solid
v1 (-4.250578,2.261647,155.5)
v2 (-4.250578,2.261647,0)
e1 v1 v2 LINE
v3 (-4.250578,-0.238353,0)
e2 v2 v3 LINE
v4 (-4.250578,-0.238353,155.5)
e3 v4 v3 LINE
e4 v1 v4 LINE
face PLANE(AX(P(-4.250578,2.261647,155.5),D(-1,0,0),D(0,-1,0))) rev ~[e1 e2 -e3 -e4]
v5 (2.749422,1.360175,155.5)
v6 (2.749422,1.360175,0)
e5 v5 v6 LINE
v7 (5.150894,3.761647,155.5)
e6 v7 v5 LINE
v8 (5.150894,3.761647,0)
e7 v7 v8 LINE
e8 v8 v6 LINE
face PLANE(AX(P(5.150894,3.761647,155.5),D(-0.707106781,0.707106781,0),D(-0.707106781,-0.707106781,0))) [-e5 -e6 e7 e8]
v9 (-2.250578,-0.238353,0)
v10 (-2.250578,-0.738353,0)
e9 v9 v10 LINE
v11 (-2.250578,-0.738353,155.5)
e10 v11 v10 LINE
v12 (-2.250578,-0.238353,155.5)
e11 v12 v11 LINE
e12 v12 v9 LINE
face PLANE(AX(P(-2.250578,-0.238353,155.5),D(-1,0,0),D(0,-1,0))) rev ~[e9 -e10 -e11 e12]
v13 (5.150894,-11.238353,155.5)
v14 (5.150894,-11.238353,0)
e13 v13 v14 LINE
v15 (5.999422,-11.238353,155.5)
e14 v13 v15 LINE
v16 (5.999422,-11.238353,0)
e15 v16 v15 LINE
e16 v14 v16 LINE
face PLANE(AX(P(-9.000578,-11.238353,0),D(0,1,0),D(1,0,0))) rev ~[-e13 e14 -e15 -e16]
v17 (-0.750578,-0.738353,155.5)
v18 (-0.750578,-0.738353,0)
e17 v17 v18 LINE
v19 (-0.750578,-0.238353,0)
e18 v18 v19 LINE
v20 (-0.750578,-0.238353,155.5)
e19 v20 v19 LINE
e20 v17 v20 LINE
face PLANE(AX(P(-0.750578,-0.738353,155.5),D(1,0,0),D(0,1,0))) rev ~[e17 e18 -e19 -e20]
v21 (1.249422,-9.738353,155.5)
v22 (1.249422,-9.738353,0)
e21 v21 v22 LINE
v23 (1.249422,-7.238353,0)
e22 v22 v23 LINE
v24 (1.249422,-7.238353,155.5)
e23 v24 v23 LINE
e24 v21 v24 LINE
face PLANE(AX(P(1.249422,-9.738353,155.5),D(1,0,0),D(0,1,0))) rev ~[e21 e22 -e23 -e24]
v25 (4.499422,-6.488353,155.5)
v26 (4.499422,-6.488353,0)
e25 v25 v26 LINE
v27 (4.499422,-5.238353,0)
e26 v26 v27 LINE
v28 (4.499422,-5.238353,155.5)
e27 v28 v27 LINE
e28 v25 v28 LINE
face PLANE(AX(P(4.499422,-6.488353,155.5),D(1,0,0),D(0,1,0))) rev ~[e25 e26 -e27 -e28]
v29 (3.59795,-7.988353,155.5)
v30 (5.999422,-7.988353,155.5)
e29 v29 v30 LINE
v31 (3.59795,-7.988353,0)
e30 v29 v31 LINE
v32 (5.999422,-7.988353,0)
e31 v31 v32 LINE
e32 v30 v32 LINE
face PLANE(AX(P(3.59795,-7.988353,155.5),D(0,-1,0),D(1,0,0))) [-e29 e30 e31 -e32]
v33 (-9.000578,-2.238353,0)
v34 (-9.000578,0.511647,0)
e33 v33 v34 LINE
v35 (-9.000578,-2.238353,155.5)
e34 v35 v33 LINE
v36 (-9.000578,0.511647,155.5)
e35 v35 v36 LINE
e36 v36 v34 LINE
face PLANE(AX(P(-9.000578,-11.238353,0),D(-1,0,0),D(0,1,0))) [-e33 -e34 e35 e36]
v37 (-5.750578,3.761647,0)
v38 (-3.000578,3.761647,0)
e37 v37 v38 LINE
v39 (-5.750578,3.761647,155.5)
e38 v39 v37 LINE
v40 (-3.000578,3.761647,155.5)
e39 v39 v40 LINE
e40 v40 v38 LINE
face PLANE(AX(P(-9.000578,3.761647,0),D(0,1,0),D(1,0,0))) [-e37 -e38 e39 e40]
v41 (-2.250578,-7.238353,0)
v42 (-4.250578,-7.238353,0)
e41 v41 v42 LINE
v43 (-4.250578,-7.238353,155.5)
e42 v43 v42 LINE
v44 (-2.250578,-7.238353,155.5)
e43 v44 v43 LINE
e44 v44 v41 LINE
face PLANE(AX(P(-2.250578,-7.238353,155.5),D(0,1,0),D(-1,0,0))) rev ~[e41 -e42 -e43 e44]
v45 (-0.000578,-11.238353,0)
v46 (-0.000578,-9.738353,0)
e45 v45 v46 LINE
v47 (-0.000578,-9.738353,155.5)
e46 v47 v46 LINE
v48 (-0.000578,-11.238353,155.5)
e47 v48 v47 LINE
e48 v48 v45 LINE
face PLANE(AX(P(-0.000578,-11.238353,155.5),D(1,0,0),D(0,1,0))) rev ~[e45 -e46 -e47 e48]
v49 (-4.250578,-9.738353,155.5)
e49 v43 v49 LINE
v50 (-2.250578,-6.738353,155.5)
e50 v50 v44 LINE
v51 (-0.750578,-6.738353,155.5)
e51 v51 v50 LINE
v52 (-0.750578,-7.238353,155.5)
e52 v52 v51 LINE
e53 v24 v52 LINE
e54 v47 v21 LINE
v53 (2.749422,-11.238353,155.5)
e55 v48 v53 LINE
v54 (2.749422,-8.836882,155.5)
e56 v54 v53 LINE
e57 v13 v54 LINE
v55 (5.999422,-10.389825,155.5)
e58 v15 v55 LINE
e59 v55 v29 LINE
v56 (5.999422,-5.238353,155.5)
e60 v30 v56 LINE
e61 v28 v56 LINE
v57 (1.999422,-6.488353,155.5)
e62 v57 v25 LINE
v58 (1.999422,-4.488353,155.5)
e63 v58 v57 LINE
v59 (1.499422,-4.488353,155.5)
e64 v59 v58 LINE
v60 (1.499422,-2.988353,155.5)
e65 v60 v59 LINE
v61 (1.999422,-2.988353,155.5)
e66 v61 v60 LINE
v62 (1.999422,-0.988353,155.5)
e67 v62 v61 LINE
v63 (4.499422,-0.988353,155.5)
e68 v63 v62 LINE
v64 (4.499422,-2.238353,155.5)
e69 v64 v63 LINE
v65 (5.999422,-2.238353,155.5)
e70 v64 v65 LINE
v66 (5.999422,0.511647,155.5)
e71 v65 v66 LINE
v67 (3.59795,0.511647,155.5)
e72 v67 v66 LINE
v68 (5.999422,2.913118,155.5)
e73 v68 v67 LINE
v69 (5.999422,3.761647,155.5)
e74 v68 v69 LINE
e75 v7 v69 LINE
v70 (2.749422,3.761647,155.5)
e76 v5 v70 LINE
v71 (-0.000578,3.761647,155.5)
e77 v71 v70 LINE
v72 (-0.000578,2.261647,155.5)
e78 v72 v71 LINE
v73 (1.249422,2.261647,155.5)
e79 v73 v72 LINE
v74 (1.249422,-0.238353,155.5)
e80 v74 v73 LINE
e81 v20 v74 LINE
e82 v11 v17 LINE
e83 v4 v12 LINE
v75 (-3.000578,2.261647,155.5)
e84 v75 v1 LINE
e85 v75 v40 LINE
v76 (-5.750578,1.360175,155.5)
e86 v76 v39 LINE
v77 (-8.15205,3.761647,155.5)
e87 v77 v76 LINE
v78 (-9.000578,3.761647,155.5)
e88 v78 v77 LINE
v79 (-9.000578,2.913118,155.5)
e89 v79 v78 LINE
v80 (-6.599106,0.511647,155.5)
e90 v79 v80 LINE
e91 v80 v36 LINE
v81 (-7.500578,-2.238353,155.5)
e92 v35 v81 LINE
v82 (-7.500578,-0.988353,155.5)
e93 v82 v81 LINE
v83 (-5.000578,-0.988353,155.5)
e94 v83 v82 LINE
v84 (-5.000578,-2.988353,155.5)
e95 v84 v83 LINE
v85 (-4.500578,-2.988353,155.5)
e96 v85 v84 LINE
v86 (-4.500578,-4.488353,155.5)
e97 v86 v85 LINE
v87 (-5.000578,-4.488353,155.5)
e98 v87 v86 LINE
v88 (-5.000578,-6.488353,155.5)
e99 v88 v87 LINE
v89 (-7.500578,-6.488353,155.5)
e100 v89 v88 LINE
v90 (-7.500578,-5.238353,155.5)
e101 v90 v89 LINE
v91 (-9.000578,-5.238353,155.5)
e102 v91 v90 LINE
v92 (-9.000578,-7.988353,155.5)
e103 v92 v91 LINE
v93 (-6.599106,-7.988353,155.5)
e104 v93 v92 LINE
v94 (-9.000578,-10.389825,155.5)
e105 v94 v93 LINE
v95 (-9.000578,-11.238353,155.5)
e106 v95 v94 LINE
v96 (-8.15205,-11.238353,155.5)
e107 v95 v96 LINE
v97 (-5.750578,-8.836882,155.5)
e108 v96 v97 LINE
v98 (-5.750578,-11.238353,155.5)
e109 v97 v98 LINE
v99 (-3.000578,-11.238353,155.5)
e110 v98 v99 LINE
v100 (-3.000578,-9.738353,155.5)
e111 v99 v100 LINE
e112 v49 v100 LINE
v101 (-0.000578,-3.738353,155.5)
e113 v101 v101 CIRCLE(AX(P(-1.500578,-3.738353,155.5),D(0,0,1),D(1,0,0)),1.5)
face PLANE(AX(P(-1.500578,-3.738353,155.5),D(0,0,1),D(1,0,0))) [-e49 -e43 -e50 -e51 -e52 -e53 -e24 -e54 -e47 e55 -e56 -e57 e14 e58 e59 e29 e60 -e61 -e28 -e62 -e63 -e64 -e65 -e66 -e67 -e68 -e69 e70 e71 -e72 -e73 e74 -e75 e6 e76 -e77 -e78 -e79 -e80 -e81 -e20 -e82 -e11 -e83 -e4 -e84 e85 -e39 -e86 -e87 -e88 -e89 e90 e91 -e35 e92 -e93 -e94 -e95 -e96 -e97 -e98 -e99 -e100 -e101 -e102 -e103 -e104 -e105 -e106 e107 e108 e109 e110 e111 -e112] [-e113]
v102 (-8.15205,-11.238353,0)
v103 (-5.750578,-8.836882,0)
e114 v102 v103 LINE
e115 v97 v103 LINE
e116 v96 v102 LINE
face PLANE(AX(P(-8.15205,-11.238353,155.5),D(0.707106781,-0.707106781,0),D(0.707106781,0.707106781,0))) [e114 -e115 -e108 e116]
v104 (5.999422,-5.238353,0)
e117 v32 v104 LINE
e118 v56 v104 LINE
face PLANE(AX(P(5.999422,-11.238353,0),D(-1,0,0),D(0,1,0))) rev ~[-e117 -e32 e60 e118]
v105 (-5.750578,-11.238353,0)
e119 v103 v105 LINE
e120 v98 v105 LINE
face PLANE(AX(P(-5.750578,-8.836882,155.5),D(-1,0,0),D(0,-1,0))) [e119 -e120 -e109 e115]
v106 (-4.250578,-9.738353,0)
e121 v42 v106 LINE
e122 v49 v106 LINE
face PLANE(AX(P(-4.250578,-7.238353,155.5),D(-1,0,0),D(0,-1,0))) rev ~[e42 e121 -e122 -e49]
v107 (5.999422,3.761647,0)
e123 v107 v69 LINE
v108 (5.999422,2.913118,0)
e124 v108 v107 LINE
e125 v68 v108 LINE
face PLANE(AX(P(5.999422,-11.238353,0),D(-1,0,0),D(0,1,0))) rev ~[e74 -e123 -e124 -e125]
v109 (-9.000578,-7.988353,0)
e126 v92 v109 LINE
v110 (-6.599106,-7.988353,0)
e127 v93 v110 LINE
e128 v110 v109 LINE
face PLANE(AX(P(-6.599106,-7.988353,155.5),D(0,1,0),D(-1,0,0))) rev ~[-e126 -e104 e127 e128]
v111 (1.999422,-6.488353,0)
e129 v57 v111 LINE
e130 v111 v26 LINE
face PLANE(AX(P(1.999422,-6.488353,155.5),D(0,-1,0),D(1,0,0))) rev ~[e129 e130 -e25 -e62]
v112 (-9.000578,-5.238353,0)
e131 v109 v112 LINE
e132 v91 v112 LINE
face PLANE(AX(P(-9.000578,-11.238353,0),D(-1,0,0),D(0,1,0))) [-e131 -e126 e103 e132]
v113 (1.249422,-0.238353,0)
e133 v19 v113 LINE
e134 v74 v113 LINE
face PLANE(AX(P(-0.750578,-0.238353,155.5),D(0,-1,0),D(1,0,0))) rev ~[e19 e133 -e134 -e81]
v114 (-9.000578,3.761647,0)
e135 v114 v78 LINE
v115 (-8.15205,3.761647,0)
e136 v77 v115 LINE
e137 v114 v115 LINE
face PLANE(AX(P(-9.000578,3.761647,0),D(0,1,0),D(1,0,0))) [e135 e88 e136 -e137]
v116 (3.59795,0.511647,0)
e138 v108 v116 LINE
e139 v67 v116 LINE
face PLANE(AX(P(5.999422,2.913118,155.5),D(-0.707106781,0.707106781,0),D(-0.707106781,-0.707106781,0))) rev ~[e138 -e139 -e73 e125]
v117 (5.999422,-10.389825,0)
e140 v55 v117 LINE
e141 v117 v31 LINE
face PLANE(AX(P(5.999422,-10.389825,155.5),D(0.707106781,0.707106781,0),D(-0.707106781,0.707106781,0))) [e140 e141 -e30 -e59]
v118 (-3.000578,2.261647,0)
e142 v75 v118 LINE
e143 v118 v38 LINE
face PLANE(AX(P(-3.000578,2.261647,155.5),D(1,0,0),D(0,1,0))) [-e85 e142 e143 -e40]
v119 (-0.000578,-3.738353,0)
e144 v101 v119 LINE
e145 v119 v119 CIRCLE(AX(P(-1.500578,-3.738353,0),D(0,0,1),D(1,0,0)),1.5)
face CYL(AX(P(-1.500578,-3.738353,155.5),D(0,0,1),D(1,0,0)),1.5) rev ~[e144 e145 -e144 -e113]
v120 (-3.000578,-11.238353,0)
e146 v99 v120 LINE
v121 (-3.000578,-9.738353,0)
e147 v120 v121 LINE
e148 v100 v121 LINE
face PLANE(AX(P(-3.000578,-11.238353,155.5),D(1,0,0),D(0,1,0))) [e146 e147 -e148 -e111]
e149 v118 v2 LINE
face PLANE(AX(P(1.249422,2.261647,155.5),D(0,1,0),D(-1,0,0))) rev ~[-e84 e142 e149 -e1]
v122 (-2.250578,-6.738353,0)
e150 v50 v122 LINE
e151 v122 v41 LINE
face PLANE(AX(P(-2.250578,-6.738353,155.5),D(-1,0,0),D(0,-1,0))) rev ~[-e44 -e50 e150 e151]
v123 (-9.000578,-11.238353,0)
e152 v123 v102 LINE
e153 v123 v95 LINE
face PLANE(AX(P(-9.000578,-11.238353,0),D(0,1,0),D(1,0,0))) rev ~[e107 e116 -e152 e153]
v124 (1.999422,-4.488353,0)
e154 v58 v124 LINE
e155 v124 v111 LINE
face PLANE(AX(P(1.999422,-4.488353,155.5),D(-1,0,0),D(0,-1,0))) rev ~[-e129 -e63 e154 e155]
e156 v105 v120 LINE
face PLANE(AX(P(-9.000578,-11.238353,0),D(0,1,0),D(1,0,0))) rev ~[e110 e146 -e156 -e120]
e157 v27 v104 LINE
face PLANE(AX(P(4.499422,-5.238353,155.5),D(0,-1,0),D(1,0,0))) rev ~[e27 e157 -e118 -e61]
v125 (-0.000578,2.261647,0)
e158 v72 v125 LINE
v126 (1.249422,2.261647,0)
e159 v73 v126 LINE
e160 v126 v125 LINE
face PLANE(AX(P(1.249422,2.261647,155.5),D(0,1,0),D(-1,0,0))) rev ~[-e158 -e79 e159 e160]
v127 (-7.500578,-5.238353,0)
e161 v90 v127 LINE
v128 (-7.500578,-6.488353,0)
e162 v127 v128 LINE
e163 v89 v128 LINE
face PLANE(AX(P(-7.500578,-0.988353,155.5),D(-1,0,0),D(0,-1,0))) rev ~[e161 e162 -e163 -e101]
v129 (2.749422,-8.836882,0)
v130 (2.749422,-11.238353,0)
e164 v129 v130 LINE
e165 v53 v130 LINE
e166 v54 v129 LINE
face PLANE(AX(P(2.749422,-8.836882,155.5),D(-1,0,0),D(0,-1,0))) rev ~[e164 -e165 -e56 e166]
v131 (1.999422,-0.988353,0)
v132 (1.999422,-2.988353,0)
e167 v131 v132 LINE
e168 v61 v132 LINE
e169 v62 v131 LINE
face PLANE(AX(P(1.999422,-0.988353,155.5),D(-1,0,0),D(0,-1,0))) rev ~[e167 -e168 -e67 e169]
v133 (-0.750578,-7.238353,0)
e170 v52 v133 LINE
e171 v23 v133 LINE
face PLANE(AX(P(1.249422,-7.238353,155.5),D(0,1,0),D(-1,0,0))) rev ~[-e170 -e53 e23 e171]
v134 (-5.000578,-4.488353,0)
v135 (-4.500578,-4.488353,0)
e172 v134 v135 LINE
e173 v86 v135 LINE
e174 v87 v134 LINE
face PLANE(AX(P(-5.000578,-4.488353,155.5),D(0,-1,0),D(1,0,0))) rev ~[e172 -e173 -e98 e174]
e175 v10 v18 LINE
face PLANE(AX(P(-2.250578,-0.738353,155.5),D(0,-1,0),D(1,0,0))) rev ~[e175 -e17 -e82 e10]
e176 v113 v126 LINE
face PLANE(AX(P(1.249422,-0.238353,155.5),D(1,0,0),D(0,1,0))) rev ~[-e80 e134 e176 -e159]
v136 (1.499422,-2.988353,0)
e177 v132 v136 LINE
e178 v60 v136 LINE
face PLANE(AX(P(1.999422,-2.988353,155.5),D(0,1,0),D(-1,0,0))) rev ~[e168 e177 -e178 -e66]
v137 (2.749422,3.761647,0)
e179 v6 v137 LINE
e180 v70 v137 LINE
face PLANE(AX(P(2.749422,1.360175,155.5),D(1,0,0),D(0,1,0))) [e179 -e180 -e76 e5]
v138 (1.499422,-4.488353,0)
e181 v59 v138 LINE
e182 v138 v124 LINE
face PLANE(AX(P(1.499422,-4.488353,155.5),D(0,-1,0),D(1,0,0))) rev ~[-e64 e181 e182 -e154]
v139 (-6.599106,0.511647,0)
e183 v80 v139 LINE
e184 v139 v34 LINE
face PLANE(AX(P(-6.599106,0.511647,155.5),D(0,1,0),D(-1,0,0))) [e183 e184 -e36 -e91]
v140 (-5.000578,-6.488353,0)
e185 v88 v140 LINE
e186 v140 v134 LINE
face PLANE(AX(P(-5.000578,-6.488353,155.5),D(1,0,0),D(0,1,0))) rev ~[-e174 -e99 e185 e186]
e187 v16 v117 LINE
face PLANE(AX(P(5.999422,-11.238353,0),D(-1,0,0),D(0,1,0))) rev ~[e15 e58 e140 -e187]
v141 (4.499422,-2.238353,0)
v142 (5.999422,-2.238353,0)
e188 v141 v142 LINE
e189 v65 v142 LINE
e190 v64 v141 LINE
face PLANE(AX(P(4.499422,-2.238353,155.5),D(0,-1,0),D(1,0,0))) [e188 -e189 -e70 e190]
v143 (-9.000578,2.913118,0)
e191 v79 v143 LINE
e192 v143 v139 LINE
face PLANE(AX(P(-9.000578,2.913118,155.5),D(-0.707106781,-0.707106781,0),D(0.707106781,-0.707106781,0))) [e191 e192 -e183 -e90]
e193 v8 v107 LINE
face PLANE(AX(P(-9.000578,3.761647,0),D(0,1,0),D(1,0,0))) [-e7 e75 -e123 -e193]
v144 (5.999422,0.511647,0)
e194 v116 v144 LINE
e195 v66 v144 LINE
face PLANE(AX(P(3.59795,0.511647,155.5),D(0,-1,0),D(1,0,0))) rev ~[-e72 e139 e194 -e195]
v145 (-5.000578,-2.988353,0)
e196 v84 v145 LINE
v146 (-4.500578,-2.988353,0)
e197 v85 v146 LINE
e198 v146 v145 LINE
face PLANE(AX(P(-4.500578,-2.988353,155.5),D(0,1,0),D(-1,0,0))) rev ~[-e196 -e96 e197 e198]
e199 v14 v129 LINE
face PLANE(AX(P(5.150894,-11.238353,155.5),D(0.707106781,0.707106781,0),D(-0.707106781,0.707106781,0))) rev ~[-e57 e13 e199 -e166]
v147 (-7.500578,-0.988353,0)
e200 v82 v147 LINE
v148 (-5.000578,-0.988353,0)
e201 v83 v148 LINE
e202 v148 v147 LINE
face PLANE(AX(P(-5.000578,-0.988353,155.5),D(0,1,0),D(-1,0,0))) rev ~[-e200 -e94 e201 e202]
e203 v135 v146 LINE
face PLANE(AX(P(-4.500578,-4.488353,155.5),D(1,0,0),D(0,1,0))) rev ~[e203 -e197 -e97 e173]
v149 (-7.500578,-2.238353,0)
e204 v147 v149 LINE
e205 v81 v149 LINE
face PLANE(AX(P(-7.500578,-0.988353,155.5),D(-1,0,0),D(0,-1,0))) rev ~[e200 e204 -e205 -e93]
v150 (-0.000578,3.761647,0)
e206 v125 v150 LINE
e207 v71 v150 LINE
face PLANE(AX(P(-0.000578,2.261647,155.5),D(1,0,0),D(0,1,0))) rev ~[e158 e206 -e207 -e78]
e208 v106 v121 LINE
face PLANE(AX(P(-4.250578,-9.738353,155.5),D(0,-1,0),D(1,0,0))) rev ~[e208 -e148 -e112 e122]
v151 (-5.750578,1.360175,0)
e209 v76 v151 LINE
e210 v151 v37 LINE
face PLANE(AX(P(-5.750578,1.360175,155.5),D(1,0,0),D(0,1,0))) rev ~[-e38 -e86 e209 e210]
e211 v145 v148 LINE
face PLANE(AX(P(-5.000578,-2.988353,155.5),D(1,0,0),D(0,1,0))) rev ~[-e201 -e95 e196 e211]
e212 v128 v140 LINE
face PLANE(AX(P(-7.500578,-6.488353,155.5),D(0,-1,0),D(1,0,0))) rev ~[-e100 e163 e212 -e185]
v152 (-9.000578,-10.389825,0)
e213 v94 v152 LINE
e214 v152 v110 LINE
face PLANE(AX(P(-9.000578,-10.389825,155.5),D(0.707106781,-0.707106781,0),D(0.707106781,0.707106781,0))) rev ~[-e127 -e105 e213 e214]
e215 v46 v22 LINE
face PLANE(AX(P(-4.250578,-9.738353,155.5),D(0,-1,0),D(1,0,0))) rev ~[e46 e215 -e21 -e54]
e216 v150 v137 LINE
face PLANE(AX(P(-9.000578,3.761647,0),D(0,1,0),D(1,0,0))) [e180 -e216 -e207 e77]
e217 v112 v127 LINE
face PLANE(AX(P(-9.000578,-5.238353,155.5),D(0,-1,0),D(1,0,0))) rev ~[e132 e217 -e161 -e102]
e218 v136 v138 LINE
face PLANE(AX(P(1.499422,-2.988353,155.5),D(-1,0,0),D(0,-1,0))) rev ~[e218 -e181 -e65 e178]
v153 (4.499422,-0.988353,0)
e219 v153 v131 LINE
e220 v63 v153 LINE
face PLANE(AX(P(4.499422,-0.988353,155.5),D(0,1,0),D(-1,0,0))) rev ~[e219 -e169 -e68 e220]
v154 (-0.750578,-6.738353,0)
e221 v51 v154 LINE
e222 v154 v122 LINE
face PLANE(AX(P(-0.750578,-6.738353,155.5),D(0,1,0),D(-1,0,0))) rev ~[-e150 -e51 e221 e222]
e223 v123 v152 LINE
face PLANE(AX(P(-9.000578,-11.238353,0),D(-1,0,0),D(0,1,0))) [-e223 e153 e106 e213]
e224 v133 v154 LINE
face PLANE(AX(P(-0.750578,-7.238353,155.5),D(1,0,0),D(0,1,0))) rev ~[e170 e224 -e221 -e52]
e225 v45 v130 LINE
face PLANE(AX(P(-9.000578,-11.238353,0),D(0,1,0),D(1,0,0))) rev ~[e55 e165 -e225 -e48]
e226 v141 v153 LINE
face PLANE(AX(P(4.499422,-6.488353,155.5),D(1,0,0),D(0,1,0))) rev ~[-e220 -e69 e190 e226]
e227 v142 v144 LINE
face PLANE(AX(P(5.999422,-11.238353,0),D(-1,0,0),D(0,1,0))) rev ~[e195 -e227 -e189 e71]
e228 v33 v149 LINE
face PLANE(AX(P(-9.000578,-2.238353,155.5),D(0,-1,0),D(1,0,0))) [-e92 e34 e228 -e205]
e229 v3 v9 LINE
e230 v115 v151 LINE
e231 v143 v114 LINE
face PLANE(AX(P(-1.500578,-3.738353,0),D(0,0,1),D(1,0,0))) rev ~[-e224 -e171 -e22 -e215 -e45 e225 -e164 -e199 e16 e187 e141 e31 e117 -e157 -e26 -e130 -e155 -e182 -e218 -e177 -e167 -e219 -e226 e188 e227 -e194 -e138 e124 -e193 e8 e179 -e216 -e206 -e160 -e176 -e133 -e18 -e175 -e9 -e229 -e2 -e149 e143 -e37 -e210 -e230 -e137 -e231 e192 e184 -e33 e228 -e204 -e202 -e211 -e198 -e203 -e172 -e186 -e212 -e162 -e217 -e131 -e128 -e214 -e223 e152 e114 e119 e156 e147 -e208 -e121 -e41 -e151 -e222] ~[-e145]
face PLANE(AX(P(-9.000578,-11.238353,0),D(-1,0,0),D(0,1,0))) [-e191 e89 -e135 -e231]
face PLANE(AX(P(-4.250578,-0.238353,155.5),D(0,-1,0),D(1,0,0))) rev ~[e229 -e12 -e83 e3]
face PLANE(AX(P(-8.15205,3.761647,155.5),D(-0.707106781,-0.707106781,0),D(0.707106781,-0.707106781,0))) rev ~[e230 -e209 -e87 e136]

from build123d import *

# Parameters (mm, degrees)
SKETCH1_W           = 15
SKETCH1_H           = 15
BOSS_EXTRUDE1_DEPTH = 155.5
SKETCH2_R           = 1.5
CUT_EXTRUDE1_DEPTH  = 330
SKETCH3_W           = 3
SKETCH3_H           = 1.5
SKETCH3_W_2         = 1.5
SKETCH3_H_2         = 3
CUT_EXTRUDE2_DEPTH  = 330


with BuildPart() as part:
    # Sketch1 → Boss-Extrude1 (new body)
    with BuildSketch(Plane.XY):
        with Locations((-1.500578266, -3.738353388)):
            Rectangle(SKETCH1_W, SKETCH1_H)
    extrude(amount=BOSS_EXTRUDE1_DEPTH)

    # Sketch2 → Cut-Extrude1 (cut)
    with BuildSketch(Plane.XY.offset(155.5)):
        with Locations((-1.500578266, -3.738353388)):
            Circle(SKETCH2_R)
        Polygon((1.999421734, -4.488353388), (1.999421734, -6.488353388), (4.499421734, -6.488353388), (4.499421734, -0.988353388), (1.999421734, -0.988353388), (1.999421734, -2.988353388), (1.499421734, -2.988353388), (1.499421734, -4.488353388), align=None)
        Polygon((-4.250578266, -7.238353388), (-4.250578266, -9.738353388), (1.249421734, -9.738353388), (1.249421734, -7.238353388), (-0.750578266, -7.238353388), (-0.750578266, -6.738353388), (-2.250578266, -6.738353388), (-2.250578266, -7.238353388), align=None)
        Polygon((-5.000578266, -0.988353388), (-7.500578266, -0.988353388), (-7.500578266, -6.488353388), (-5.000578266, -6.488353388), (-5.000578266, -4.488353388), (-4.500578266, -4.488353388), (-4.500578266, -2.988353388), (-5.000578266, -2.988353388), align=None)
        Polygon((1.249421734, -0.238353388), (1.249421734, 2.261646612), (-4.250578266, 2.261646612), (-4.250578266, -0.238353388), (-2.250578266, -0.238353388), (-2.250578266, -0.738353388), (-0.750578266, -0.738353388), (-0.750578266, -0.238353388), align=None)
    extrude(amount=-CUT_EXTRUDE1_DEPTH, mode=Mode.SUBTRACT)

    # Sketch3 → Cut-Extrude2 (cut)
    with BuildSketch(Plane.XY.offset(155.5)):
        Polygon((5.150893596, 3.761646612), (2.749421734, 1.360174749), (2.749421734, 3.761646612), align=None)
        Polygon((5.999421734, 0.511646612), (5.999421734, 2.913118474), (3.597949871, 0.511646612), align=None)
        with Locations((-1.500578266, 3.011646612)):
            Rectangle(SKETCH3_W, SKETCH3_H)
        Polygon((2.749421734, -8.836881526), (2.749421734, -11.238353388), (5.150893596, -11.238353388), align=None)
        Polygon((5.999421734, -10.389825251), (3.597949871, -7.988353388), (5.999421734, -7.988353388), align=None)
        with Locations((5.249421734, -3.738353388)):
            Rectangle(SKETCH3_W_2, SKETCH3_H_2)
        Polygon((-6.599106404, -7.988353388), (-9.000578266, -7.988353388), (-9.000578266, -10.389825251), align=None)
        Polygon((-8.152050129, -11.238353388), (-5.750578266, -8.836881526), (-5.750578266, -11.238353388), align=None)
        with Locations((-1.500578266, -10.488353388)):
            Rectangle(SKETCH3_W, SKETCH3_H)
        Polygon((-5.750578266, 1.360174749), (-5.750578266, 3.761646612), (-8.152050129, 3.761646612), align=None)
        Polygon((-9.000578266, 2.913118474), (-6.599106404, 0.511646612), (-9.000578266, 0.511646612), align=None)
        with Locations((-8.250578266, -3.738353388)):
            Rectangle(SKETCH3_W_2, SKETCH3_H_2)
    extrude(amount=-CUT_EXTRUDE2_DEPTH, mode=Mode.SUBTRACT)


solid = part.part
